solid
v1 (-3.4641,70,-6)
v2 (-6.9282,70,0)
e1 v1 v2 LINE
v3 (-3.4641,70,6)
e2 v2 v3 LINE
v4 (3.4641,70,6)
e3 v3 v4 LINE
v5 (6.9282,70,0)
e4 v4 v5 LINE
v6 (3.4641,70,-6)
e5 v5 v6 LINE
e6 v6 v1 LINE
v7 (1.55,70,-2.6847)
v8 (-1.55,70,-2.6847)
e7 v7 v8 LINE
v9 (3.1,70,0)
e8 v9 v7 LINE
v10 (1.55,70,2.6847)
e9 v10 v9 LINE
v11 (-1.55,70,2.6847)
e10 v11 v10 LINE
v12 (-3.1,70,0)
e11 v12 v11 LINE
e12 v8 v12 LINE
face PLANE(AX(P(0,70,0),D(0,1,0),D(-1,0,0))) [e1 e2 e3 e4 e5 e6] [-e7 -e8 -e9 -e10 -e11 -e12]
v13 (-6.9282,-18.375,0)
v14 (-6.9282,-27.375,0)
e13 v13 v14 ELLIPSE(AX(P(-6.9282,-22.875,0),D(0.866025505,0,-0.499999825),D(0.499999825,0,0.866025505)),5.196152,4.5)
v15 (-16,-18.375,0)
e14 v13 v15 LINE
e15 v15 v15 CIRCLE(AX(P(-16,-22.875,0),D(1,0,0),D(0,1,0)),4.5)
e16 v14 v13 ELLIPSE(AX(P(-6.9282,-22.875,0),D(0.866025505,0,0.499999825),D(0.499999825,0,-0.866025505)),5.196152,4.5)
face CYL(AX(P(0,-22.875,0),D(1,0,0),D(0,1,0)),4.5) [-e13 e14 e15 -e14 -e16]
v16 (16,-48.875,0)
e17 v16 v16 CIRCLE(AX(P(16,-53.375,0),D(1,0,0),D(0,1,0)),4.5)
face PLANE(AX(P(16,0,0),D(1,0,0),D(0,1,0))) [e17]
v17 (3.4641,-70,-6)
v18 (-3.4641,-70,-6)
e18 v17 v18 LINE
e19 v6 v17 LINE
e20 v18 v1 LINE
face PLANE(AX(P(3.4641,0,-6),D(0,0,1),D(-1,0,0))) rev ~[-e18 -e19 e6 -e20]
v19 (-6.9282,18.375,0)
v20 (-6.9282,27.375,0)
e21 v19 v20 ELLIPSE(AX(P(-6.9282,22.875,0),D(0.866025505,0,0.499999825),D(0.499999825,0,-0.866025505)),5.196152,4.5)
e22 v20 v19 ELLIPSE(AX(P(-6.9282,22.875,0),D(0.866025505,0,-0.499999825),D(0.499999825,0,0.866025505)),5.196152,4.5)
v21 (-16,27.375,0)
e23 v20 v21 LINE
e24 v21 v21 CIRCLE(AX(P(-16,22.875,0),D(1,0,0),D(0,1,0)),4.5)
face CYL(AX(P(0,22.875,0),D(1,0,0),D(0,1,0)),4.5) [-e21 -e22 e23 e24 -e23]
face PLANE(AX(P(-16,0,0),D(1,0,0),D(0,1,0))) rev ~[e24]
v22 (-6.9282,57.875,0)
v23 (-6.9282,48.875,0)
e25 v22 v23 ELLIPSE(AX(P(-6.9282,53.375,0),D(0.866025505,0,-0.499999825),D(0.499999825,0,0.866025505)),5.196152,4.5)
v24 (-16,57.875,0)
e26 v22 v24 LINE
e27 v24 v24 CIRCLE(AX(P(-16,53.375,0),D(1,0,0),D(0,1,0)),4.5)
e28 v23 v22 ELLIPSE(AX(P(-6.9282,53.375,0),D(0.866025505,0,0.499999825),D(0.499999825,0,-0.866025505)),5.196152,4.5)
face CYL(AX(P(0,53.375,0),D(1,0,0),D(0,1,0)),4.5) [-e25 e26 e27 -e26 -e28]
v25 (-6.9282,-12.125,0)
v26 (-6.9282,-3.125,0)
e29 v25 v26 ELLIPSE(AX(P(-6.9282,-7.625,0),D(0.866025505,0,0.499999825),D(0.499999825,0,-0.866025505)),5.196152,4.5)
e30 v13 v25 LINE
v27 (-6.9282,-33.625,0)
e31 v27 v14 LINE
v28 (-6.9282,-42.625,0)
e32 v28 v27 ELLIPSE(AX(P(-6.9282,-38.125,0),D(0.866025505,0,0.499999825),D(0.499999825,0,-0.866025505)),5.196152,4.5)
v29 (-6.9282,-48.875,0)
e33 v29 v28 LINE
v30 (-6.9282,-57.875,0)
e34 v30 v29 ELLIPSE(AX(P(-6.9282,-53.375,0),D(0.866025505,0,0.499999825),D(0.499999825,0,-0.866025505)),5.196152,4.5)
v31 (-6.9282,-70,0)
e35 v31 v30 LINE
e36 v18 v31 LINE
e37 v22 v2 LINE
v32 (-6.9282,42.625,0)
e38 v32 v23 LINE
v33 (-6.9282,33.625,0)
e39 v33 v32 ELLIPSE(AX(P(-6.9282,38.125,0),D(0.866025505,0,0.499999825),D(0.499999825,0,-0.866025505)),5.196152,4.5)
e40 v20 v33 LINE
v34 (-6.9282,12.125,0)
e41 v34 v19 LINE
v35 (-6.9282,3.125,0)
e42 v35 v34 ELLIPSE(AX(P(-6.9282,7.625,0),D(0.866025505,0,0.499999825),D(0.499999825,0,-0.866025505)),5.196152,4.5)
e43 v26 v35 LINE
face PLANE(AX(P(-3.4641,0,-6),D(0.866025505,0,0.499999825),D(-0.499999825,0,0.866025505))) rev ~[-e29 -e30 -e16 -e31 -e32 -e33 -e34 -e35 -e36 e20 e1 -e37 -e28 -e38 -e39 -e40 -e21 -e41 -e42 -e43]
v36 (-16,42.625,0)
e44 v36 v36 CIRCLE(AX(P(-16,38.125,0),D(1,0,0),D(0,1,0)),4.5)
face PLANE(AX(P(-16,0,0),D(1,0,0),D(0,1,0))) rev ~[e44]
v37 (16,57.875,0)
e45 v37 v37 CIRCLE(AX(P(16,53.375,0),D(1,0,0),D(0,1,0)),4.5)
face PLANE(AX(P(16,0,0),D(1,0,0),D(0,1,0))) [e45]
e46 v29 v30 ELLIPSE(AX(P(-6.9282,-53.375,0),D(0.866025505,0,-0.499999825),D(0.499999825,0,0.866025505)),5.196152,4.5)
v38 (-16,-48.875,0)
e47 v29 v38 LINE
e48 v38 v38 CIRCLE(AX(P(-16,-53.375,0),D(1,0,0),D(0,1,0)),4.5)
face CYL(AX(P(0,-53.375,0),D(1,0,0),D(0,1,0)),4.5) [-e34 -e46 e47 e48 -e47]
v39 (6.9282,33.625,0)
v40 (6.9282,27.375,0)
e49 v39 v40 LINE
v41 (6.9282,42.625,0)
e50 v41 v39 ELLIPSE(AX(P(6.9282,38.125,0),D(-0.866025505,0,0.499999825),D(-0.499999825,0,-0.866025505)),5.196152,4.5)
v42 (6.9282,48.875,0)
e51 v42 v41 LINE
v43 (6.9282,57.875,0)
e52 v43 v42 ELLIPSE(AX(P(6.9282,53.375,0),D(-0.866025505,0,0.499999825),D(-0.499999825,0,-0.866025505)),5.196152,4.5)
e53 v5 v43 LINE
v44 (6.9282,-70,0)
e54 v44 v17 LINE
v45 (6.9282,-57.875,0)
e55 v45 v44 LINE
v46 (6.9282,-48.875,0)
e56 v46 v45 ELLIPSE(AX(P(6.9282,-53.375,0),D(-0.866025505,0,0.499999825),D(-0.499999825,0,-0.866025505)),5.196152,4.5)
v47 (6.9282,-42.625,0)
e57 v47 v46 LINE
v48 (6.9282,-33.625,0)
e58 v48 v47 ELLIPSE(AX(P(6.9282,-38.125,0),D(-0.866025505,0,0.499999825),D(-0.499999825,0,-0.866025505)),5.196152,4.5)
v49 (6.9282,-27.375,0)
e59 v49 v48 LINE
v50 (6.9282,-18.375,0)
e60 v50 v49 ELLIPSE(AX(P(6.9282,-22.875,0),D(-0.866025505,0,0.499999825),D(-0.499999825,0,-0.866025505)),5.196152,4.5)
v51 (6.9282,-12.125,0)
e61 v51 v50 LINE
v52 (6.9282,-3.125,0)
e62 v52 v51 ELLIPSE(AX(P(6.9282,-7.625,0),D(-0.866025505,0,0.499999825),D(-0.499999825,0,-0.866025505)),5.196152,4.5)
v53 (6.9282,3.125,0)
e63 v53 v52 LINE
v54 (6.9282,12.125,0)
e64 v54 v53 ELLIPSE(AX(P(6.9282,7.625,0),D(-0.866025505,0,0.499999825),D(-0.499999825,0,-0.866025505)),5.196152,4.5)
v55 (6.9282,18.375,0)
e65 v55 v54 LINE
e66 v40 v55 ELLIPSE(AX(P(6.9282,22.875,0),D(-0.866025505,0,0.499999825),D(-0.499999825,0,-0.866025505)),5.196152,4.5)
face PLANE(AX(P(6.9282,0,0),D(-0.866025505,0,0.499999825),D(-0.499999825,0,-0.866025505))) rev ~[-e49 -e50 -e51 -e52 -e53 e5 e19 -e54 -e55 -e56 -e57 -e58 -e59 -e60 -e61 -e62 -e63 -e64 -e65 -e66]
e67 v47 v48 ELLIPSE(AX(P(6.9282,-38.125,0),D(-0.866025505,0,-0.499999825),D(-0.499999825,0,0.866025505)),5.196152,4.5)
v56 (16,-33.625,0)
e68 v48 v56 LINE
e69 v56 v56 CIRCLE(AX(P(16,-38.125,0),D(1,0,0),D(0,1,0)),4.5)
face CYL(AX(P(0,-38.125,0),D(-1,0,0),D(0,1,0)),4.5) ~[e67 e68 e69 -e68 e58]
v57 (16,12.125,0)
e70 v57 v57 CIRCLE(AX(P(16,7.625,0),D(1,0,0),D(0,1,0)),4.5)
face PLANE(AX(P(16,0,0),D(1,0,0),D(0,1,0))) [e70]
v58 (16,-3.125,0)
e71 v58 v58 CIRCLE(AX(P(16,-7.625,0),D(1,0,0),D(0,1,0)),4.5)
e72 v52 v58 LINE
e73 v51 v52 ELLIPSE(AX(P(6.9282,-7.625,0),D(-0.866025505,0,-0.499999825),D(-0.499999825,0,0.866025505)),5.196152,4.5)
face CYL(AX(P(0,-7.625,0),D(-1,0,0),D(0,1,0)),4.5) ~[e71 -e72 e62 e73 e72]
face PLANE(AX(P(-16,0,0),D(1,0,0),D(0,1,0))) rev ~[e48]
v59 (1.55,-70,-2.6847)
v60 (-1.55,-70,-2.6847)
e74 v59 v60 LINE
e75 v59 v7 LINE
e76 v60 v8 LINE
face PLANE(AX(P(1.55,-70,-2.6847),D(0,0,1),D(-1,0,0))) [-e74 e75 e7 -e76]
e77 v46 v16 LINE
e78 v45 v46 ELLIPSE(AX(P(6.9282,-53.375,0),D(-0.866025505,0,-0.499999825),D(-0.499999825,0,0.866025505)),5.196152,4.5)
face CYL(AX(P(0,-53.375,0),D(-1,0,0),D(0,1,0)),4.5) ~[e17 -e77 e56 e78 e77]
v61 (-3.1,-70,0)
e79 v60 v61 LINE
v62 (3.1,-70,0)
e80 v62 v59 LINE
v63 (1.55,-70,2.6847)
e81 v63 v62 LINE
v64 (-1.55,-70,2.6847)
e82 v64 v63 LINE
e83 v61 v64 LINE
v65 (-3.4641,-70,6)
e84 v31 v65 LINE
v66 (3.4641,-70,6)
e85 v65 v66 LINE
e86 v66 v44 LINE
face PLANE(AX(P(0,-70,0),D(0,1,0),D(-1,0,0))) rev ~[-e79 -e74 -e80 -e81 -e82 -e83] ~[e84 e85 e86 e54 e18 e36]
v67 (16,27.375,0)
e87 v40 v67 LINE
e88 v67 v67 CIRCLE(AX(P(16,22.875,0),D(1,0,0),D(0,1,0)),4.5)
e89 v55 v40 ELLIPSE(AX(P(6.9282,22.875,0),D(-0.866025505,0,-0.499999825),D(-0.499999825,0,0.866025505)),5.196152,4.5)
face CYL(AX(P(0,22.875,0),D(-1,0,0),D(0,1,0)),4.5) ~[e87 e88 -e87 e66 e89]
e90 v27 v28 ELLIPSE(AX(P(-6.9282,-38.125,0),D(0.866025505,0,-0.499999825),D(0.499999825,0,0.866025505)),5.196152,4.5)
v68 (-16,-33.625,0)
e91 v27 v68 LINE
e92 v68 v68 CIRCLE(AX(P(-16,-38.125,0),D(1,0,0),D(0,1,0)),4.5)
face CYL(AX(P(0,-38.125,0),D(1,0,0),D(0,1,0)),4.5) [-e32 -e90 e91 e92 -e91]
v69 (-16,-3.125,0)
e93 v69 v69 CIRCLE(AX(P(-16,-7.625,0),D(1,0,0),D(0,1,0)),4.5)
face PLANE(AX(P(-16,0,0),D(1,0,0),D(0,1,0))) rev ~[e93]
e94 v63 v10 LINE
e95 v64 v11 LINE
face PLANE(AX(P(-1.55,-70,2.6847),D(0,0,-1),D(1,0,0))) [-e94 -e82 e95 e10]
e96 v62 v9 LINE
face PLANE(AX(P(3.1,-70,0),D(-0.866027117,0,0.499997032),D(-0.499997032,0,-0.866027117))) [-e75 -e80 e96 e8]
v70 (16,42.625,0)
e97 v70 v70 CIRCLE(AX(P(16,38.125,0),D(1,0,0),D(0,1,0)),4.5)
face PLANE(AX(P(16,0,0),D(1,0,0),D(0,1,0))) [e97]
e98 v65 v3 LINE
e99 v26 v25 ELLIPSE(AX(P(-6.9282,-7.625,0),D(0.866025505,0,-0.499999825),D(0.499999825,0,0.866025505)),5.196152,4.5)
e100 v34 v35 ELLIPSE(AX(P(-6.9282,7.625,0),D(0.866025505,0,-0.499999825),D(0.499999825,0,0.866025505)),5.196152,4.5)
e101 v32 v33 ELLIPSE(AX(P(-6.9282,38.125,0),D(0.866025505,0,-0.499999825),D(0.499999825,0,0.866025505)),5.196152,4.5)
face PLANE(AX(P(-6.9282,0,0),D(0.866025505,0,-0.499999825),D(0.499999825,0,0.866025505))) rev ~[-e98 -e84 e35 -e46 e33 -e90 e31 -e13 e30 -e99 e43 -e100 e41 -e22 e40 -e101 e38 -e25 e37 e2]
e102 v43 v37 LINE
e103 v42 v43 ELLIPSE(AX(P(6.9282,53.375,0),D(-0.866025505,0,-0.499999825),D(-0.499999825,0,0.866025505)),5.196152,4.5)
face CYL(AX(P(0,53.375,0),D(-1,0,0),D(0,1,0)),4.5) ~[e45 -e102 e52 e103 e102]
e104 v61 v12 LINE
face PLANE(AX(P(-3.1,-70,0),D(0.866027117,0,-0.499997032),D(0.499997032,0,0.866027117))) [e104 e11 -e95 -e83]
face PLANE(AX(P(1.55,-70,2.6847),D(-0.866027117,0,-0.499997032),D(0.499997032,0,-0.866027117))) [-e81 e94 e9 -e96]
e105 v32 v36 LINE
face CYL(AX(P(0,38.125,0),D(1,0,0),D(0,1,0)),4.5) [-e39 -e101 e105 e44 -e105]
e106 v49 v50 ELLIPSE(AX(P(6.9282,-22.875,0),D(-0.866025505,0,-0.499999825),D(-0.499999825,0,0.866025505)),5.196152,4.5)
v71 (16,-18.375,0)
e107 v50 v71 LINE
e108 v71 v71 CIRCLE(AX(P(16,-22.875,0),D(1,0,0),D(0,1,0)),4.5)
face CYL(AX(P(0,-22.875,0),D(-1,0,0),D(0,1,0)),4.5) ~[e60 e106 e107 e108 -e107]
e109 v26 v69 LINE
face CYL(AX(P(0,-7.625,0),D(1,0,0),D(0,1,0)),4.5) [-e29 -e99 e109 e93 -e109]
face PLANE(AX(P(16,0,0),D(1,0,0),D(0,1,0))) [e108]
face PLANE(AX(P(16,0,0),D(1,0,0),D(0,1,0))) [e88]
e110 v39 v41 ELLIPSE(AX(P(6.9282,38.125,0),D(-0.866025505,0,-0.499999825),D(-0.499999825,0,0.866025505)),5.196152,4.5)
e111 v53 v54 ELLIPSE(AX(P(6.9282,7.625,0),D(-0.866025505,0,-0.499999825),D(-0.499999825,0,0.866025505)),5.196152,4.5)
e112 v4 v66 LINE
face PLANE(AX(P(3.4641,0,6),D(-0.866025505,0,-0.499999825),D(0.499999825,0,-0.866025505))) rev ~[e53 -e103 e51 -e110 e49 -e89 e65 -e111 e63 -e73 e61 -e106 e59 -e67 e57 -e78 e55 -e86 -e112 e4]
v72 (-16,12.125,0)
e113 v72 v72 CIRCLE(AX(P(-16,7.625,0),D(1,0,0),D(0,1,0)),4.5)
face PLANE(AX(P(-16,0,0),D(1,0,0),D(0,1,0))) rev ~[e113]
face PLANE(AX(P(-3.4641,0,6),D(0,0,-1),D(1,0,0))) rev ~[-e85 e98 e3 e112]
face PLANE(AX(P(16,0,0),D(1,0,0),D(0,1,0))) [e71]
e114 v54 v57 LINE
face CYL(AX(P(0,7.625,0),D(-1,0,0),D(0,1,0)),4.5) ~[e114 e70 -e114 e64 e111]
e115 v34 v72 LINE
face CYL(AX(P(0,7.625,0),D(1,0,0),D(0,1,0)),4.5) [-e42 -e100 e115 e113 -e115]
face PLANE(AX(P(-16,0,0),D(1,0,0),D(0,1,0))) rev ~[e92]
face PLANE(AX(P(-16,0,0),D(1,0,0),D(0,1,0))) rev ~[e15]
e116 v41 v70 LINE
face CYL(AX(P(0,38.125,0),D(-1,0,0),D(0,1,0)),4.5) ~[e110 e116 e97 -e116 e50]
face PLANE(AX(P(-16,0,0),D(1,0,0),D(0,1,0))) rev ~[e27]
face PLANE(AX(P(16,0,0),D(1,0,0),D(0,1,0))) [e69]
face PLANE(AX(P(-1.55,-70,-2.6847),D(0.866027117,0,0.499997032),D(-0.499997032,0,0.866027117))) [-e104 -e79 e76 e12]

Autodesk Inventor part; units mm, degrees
ref_plane "YZ Plane" through (0, 0, 0) normal (1, 0, 0) x (0, 1, 0)
ref_plane "XZ Plane" through (0, 0, 0) normal (0, 1, 0) x (-1, 0, 0)
ref_plane "XY Plane" through (0, 0, 0) normal (0, 0, 1) x (1, 0, 0)
sketch "Outer Diameter Sketch" plane through (0, 0, 0) normal (0, 1, 0) x (-1, 0, 0)
  line L0 (0, -28.0163) -> (0, 28.3344) construction
  line L1 (17.1062, 0) -> (-23.8822, 0) construction
  line L2 (3.4641, -6) -> (6.9282, 0)
  line L3 (6.9282, 0) -> (3.4641, 6)
  line L4 (3.4641, 6) -> (-3.4641, 6)
  line L5 (-3.4641, 6) -> (-6.9282, 0)
  line L6 (-6.9282, 0) -> (-3.4641, -6)
  line L7 (-3.4641, -6) -> (3.4641, -6)
  line L8 (0, -6) -> (0, 6) construction
  line L9 (-6.9282, 0) -> (6.9282, 0) construction
  point P0 (0, 0)
  dimension "d23" = 120
  dimension "d25" = 120
  dimension "d27" = 120
  dimension "d29" = 120
  dimension "d31" = 120
  dimension "d32" = 12
extrude "Outer Diameter Extrusion" add sketch "Outer Diameter Sketch" along normal mid plane 140
sketch "Sketch2" plane through (0, 0, 0) normal (1, 0, 0) x (0, 1, 0)
  circle A0 centre (-7.625, 0) radius 4.5
  line L0 (-77.625, 0) -> (-7.625, 0) construction
  line L1 (-7.625, 0) -> (62.375, 0) construction
  circle A1 centre (7.625, 0) radius 4.5
  circle A2 centre (22.875, 0) radius 4.5
  circle A3 centre (38.125, 0) radius 4.5
  circle A4 centre (-22.875, 0) radius 4.5
  circle A5 centre (-7.625, 0) radius 4.5
  circle A6 centre (7.625, 0) radius 4.5
  circle A7 centre (22.875, 0) radius 4.5
  circle A8 centre (-38.125, 0) radius 4.5
  circle A9 centre (-22.875, 0) radius 4.5
  circle A10 centre (-7.625, 0) radius 4.5
  circle A11 centre (7.625, 0) radius 4.5
  circle A12 centre (-53.375, 0) radius 4.5
  circle A13 centre (-38.125, 0) radius 4.5
  circle A14 centre (-22.875, 0) radius 4.5
  circle A15 centre (-7.625, 0) radius 4.5
  line L2 (0, 54.0285) -> (0, -72.3739) construction
  circle A16 centre (53.375, 0) radius 4.5
  circle A17 centre (38.125, 0) radius 4.5
  circle A18 centre (22.875, 0) radius 4.5
  circle A19 centre (7.625, 0) radius 4.5
  dimension "d3" = 9
  dimension "d5" = 140
  dimension "d8" = 15.25
  dimension "d11" = 15.25
  dimension "d47" = 7.625
  dimension "d48" = 7.625
extrude "Extrusion2" add sketch "Sketch2" along normal mid plane 32
sketch "Sketch3" plane through (0, -70, 0) normal (0, -1, 0) x (1, 0, 0)
  line L0 (1.55, -2.6847) -> (-1.55, -2.6847)
  line L1 (-1.55, -2.6847) -> (-3.1, 0)
  line L2 (-3.1, 0) -> (-1.55, 2.6847)
  line L3 (-1.55, 2.6847) -> (1.55, 2.6847)
  line L4 (1.55, 2.6847) -> (3.1, 0)
  line L5 (3.1, 0) -> (1.55, -2.6847)
  line L6 (3.1, 0) -> (-3.1, 0) construction
  line L7 (0, 2.6847) -> (0, -2.6847) construction
  line L8 (10.3659, 0) -> (-11.745, 0) construction
  line L9 (0, -9.4896) -> (0, 9.303) construction
  point P0 (0, 0)
  dimension "d33" = 3.1
  dimension "d34" = 3.1
  dimension "d35" = 120
  dimension "d36" = 3.1
  dimension "d37" = 120
  dimension "d38" = 3.1
  dimension "d39" = 120
  dimension "d40" = 3.1
  dimension "d41" = 120
extrude "Extrusion3" cut sketch "Sketch3" against normal up to surface (140 mm away)
equation "\"d1\" = outL"
equation "\"d3\" = pegD"
equation "\"d5\" = outL"
equation "\"d47\" = 0.5 * d8"
equation "\"d14\" = pegL + 2 * outD"
equation "\"d33\" = inhexSL"
equation "\"d34\" = inhexSL"
equation "\"d36\" = inhexSL"
equation "\"d38\" = inhexSL"
equation "\"d40\" = inhexSL"
equation "\"d42\" = pegL + 2 * outD"
equation "\"outD\" = 12"
equation "\"inhexSL\" = 3.1"
equation "\"outL\" = 140"
equation "\"pegL\" = 8"
equation "\"pegD\" = 9"
equation "\"outhexSL\" = 5"
properties part number "Peg Spinner V2"
